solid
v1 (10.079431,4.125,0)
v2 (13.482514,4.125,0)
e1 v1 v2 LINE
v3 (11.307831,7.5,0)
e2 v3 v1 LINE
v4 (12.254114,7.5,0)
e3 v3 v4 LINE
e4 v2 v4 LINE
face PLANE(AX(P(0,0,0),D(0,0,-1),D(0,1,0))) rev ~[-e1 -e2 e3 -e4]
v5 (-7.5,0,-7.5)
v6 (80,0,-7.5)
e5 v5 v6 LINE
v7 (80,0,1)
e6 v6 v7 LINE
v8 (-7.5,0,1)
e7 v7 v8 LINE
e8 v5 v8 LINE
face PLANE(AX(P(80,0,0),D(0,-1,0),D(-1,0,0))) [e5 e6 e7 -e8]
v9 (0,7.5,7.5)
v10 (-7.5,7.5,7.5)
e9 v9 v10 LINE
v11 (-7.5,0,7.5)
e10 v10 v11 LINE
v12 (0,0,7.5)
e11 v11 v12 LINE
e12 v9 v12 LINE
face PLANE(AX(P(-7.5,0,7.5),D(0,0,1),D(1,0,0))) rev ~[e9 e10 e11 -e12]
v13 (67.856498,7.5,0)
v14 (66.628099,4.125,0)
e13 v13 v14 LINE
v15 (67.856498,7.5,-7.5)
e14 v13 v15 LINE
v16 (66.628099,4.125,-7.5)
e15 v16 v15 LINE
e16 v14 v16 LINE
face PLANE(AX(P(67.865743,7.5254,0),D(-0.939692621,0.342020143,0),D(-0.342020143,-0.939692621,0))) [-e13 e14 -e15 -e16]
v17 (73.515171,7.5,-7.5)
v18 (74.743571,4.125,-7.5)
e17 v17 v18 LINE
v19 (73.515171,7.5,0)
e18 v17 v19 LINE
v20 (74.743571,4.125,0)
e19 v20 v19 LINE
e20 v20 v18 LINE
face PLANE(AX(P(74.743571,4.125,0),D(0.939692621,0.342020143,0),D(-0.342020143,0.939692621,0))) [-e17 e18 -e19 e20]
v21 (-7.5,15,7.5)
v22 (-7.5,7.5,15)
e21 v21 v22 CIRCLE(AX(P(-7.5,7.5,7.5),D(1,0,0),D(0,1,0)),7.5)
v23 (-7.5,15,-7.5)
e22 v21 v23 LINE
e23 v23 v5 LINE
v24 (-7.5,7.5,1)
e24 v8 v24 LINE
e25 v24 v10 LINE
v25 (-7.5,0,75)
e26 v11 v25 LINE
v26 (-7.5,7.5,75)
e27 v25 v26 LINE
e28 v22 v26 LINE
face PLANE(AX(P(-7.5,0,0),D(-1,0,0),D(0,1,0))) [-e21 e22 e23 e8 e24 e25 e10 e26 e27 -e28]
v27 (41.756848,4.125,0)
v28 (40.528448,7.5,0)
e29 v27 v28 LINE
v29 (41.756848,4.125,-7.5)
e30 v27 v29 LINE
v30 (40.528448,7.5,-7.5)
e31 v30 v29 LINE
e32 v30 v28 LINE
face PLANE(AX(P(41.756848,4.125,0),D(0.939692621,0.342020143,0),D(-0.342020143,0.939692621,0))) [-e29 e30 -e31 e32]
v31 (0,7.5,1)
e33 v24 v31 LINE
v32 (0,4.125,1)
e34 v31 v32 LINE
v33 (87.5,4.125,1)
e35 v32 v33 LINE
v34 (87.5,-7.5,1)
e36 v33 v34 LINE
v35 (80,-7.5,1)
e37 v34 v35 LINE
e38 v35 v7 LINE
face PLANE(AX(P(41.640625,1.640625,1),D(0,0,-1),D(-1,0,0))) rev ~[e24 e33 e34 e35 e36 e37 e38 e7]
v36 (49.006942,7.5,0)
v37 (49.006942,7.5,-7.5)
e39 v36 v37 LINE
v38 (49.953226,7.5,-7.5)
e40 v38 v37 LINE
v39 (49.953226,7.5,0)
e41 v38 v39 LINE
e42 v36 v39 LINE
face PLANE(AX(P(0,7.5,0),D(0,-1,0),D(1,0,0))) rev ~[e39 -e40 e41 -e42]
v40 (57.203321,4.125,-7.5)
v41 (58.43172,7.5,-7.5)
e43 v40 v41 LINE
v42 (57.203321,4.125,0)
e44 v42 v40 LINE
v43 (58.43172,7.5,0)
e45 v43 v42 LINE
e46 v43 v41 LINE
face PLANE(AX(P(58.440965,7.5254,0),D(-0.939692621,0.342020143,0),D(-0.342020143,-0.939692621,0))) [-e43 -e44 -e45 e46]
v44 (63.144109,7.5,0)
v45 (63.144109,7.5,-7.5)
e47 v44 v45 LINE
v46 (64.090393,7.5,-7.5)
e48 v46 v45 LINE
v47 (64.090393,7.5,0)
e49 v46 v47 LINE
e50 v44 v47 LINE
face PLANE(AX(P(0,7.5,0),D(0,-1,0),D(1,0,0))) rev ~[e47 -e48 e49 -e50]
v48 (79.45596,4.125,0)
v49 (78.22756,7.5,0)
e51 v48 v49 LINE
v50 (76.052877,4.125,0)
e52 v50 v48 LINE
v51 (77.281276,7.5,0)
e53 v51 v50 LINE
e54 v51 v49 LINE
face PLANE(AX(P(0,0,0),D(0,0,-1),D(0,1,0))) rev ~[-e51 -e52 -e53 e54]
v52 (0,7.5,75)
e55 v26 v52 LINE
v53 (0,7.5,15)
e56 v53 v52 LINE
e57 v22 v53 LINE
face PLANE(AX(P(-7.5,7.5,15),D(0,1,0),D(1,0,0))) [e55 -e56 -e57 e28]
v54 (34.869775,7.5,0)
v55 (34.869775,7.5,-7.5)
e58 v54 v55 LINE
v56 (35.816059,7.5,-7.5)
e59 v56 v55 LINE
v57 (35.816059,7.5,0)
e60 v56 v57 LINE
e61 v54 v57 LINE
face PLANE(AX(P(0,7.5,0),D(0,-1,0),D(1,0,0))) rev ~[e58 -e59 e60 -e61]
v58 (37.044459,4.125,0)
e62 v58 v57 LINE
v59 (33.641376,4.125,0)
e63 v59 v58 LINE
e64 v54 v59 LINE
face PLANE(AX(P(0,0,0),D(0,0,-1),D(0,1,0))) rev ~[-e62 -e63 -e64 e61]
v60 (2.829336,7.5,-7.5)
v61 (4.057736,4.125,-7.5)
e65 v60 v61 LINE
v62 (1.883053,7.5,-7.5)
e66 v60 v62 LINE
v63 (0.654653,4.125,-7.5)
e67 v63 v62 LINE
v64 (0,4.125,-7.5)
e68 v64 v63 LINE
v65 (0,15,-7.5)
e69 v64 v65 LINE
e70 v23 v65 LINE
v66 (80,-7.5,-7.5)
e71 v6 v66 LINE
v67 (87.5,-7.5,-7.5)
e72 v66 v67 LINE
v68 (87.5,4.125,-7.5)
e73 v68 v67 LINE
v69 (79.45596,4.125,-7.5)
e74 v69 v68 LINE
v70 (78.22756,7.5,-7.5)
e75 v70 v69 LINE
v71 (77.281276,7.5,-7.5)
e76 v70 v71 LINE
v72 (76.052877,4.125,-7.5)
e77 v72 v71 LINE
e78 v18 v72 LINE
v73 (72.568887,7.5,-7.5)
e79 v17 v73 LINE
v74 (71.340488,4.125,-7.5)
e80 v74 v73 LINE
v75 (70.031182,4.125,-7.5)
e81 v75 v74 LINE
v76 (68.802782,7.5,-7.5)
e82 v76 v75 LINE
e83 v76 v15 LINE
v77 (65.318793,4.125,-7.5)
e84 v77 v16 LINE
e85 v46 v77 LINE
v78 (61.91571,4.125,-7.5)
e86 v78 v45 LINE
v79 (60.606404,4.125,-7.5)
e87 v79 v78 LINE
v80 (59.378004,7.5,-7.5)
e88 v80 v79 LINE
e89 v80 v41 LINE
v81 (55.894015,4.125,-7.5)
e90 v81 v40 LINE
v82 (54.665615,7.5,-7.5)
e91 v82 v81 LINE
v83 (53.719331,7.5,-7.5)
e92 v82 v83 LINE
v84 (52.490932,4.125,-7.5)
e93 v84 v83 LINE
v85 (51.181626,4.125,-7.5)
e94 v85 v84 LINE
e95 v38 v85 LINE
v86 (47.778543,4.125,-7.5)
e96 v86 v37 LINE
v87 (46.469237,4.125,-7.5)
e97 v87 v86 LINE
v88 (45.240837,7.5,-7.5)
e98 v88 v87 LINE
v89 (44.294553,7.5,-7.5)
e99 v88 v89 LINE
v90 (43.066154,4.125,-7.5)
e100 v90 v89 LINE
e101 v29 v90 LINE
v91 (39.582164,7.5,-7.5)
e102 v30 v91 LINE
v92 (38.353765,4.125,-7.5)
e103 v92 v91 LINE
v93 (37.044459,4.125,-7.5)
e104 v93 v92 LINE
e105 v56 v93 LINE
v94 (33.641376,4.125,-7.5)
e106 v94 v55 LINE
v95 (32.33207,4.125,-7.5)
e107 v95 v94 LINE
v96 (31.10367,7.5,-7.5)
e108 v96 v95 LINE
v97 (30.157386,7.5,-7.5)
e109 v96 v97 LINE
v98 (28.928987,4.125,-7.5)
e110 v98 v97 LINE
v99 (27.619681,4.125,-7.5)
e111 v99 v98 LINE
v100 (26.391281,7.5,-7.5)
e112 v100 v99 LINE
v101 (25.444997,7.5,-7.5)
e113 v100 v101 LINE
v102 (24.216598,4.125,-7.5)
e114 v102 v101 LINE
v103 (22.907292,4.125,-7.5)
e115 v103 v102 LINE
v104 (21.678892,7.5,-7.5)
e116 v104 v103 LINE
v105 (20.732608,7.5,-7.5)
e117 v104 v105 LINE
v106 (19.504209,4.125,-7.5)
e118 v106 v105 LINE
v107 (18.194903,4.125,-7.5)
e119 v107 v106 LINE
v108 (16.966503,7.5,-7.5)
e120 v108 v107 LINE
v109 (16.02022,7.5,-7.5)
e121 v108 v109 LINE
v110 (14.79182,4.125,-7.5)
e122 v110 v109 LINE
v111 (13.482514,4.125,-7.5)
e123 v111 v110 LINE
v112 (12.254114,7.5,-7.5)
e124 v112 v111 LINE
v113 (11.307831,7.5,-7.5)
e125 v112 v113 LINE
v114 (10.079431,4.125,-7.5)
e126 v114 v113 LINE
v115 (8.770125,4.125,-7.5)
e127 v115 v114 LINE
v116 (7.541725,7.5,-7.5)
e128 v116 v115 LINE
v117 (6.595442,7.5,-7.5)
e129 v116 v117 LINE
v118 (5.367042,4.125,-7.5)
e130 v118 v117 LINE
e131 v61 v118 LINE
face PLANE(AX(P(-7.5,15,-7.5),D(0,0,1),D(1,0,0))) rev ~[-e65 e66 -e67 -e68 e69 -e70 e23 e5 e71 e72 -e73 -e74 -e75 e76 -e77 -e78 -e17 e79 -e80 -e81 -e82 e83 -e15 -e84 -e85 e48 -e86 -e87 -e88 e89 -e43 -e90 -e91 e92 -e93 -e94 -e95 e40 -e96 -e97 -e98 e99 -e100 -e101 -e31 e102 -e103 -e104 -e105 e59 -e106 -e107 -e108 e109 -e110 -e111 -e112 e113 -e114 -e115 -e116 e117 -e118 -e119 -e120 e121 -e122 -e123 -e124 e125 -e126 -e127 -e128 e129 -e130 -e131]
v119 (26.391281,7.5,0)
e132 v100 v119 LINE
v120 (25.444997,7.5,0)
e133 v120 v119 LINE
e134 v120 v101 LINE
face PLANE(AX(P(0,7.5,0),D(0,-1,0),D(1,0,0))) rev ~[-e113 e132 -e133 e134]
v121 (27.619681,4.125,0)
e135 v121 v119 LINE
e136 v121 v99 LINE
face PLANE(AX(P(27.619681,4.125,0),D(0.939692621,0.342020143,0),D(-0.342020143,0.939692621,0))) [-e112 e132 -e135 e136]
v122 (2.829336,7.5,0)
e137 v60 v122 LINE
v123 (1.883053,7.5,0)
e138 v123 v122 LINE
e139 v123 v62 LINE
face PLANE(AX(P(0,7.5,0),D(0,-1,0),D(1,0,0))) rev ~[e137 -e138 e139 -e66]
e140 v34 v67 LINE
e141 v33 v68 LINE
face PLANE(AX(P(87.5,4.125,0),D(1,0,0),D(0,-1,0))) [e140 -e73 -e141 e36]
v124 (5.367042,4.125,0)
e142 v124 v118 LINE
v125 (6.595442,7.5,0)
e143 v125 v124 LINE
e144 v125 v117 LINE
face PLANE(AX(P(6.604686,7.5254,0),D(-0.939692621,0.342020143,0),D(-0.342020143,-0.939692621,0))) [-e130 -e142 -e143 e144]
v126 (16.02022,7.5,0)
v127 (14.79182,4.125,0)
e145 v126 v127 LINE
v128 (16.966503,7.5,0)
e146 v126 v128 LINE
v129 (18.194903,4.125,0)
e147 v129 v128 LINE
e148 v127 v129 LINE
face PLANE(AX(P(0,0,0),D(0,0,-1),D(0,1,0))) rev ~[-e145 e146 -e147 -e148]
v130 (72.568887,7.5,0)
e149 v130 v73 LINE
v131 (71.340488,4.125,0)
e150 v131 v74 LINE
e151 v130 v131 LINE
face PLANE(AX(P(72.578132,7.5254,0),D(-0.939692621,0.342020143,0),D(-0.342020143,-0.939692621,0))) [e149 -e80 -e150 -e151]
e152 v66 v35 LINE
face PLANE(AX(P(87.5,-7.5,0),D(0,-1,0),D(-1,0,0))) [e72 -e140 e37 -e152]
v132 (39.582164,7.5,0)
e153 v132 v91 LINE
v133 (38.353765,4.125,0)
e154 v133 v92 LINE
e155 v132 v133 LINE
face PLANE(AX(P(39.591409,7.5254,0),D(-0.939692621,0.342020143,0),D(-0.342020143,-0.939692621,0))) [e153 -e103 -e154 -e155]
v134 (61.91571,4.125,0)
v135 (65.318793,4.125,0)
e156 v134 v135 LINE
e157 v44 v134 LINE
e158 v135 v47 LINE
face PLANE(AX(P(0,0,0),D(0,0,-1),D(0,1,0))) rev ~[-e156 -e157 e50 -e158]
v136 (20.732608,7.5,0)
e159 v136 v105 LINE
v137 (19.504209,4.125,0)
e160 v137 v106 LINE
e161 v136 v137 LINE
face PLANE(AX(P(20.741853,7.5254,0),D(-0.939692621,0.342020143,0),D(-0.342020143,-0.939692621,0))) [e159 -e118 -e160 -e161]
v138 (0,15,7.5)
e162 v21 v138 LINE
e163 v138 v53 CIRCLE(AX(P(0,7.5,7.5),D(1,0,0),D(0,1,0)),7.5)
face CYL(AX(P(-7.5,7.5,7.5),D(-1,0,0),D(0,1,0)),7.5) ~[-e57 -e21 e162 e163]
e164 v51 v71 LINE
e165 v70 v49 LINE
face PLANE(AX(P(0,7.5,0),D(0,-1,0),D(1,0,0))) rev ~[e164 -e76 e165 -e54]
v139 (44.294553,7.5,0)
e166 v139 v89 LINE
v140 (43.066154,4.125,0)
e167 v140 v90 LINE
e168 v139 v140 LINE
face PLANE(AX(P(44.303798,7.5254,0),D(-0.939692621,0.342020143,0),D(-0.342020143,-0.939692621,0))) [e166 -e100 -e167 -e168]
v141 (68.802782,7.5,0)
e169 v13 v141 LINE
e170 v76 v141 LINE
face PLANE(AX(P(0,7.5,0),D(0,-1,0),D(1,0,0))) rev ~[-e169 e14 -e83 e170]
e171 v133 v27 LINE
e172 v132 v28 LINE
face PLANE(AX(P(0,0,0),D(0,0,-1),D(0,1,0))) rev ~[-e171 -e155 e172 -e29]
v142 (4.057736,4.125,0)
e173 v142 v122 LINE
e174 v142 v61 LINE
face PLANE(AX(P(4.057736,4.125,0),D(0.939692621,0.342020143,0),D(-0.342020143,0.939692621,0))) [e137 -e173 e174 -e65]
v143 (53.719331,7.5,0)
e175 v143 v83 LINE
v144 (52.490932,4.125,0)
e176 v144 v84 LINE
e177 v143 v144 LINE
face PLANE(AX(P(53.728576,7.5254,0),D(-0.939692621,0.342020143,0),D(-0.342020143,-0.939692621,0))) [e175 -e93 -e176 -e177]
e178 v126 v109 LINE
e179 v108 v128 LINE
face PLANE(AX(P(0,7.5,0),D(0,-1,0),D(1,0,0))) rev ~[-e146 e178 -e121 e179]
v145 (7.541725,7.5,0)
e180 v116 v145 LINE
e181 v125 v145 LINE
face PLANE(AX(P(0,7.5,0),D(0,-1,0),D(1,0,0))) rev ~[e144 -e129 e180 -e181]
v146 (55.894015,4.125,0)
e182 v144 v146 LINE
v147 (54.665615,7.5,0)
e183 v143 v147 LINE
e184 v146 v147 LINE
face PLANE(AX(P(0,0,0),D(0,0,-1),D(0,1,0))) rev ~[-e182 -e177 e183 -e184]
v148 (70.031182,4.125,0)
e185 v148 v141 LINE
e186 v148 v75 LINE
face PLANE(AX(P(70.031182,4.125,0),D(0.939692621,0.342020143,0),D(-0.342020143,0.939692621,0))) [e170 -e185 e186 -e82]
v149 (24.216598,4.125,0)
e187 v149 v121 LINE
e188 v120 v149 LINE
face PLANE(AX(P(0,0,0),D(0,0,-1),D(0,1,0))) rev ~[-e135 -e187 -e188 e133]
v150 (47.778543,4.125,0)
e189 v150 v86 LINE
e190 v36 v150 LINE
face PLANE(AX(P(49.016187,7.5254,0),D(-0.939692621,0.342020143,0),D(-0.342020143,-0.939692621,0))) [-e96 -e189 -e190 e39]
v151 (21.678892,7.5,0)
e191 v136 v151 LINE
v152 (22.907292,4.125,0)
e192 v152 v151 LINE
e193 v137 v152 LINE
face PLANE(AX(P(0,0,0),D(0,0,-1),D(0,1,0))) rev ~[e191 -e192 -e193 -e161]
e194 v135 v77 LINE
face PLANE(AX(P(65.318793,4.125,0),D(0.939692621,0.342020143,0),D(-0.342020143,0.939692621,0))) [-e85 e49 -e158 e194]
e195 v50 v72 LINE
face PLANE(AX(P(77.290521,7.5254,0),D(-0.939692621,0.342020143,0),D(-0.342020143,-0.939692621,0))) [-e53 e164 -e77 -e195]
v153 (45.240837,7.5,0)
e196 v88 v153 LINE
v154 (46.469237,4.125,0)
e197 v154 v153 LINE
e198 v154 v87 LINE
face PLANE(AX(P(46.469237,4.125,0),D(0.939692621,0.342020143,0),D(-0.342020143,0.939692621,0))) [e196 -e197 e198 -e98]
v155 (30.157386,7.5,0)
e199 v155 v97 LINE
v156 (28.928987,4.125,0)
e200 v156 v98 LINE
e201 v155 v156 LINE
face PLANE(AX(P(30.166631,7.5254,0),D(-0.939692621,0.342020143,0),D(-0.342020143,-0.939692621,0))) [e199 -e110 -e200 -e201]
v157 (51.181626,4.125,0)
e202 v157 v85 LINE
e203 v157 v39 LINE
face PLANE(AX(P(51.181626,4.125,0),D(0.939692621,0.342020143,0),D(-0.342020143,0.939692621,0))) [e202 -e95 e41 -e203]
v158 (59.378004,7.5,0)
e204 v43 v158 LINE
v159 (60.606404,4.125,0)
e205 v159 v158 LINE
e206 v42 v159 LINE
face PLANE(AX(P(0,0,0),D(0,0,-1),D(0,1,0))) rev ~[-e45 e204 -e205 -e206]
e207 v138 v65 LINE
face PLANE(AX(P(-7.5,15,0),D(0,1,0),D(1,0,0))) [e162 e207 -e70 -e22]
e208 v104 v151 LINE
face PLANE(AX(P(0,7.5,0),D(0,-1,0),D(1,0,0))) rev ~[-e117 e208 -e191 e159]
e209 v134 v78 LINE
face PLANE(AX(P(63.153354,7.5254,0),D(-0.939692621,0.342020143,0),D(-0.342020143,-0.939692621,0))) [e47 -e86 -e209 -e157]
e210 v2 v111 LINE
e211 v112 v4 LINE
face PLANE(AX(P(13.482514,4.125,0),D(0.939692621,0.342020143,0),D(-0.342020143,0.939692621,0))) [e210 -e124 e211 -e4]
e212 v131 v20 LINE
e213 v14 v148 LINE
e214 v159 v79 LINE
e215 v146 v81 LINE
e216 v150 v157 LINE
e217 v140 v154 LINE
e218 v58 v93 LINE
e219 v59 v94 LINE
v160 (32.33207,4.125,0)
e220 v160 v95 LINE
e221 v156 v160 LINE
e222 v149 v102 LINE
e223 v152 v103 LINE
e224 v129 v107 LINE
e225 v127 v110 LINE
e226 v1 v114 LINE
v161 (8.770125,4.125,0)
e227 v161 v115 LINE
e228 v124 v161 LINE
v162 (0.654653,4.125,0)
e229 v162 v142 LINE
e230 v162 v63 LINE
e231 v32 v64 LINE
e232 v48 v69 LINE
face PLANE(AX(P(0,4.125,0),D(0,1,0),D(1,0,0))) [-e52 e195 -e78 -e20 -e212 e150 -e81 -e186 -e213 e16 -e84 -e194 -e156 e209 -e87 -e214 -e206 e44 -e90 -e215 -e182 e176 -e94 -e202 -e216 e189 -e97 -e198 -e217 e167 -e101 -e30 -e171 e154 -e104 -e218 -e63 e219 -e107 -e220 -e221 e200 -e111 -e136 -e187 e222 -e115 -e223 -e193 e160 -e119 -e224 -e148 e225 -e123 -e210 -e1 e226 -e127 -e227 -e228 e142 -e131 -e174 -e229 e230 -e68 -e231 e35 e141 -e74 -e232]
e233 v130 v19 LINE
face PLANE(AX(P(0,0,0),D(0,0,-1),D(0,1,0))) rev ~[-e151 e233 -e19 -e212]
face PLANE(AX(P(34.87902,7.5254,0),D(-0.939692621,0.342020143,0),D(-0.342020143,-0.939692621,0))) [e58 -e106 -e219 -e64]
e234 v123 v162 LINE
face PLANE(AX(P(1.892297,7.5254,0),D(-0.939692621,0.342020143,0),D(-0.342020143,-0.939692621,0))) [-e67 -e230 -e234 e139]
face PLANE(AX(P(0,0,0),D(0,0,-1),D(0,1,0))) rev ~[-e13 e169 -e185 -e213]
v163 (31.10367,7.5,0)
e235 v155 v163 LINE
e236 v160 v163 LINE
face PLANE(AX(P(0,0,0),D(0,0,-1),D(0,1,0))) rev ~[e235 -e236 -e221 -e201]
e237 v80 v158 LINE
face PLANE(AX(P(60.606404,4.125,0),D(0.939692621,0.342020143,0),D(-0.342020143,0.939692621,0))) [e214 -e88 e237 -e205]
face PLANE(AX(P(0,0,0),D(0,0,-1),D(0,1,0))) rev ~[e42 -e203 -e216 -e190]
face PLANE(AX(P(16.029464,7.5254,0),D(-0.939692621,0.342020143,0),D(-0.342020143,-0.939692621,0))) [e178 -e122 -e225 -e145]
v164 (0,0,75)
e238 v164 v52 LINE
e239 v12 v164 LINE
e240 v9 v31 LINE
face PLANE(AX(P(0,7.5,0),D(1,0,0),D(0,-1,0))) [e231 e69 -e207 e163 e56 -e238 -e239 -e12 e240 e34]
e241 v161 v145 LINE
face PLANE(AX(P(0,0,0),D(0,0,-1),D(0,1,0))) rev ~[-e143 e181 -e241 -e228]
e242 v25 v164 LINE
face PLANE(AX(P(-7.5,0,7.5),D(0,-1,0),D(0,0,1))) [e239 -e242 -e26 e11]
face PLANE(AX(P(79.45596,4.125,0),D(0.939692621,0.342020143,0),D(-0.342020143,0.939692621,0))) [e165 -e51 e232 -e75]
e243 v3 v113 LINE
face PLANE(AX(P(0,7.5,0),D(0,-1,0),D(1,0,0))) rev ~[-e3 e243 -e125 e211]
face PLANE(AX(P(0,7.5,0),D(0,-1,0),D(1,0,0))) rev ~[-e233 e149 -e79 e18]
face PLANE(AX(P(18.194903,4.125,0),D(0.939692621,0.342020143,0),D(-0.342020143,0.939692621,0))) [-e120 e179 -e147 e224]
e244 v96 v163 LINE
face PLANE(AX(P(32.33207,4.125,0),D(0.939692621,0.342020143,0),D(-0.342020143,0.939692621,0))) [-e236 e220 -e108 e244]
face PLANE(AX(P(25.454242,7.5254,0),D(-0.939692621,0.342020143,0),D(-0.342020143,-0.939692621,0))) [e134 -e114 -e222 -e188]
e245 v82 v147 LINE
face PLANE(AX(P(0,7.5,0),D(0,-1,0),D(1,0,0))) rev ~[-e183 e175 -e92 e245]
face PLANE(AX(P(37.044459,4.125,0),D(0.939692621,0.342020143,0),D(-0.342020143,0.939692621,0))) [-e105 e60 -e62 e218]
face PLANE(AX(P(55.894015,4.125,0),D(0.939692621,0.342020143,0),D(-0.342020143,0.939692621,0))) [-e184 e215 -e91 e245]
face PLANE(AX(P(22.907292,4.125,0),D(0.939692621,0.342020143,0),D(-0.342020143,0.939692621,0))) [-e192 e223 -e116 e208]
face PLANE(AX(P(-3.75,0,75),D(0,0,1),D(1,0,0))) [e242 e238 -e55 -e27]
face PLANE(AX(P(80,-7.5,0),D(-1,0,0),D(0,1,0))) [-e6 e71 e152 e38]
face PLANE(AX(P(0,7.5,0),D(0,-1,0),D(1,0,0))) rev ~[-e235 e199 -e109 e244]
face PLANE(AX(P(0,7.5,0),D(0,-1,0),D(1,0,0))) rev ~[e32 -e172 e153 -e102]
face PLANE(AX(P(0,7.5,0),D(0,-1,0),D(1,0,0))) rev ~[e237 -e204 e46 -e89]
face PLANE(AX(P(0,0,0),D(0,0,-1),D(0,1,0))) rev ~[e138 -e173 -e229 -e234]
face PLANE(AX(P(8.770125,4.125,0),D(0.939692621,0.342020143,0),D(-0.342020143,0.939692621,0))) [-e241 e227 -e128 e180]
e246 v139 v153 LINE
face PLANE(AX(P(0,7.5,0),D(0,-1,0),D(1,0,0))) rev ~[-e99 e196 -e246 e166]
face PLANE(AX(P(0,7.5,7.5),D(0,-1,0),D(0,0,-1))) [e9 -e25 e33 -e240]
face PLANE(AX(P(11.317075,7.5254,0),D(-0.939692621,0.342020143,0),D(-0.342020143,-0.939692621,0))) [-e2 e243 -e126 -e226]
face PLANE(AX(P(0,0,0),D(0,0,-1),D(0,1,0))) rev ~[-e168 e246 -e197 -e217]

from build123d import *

# Parameters (mm, degrees)
BLANKSKE_W              = 80
BLANKSKE_H              = 7.5
BLANK_DEPTH             = 20
TOOTHCUTSIM_DEPTH       = 83.802475808
TEETHCUTS_COUNT         = 18
TEETHCUTS_PITCH         = 4.712388975
SKETCH1_W               = 20
SKETCH1_H               = 11.625
BOSS_EXTRUDE2_DEPTH     = 7.5
SKETCH3_W               = 20
SKETCH3_H               = 15
BOSS_EXTRUDE3_DEPTH     = 7.5
SKETCH4_W               = 7.5
SKETCH4_H               = 15
BOSS_EXTRUDE4_DEPTH     = 15
SKETCH8_W               = 7.5
SKETCH8_H               = 7.5
CUT_EXTRUDE1_DEPTH      = 15
CUT_EXTRUDE2_DEPTH      = 15
SKETCH10_W              = 7.5
SKETCH10_H              = 7.5
BOSS_EXTRUDE5_DEPTH     = 7.5
SKETCH11_W              = 7.5
SKETCH11_H              = 15
BOSS_EXTRUDE7_DEPTH     = 60
CUT_EXTRUDE4_DEPTH      = 116.829144109
CUT_EXTRUDE4_DEPTH_BACK = 116.829144109
SKETCH12_W              = 95
SKETCH12_H              = 10
SKETCH14_W              = 95
SKETCH14_H              = 2.5
CUT_EXTRUDE5_DEPTH      = 100
SKETCH15_W              = 67.5
SKETCH15_H              = 7.5
CUT_EXTRUDE6_DEPTH      = 122.963109177
BOSS_EXTRUDE8_DEPTH     = 7.5
BOSS_EXTRUDE9_DEPTH     = 1


with BuildPart() as part:
    # BlankSke → Blank (new body)
    with BuildSketch(Plane.XY):
        with Locations((40, 3.75)):
            Rectangle(BLANKSKE_W, BLANKSKE_H)
    extrude(amount=-BLANK_DEPTH)

    # TooCutSkeSim → ToothCutSim (cut, through all)
    with BuildSketch(Plane.XY):
        Polygon((0.654653055, 4.125), (-0.654653055, 4.125), (-1.892297439, 7.5254), (1.892297439, 7.5254), align=None)
    toothcutsim = extrude(amount=-TOOTHCUTSIM_DEPTH, mode=Mode.SUBTRACT)

    # TeethCuts: ToothCutSim ×18
    with Locations(*[(i * TEETHCUTS_PITCH, 0, 0) for i in range(1, TEETHCUTS_COUNT)]):
        add(toothcutsim, mode=Mode.SUBTRACT)

    # Sketch1 → Boss-Extrude2 (add)
    with BuildSketch(Plane(origin=(80, 0, 0), x_dir=(0, 0, -1), z_dir=(1, 0, 0))):
        with Locations((10, -1.6875)):
            Rectangle(SKETCH1_W, SKETCH1_H)
    extrude(amount=BOSS_EXTRUDE2_DEPTH)

    # Sketch3 → Boss-Extrude3 (add)
    with BuildSketch(Plane.ZY):
        with Locations((-10, 7.5)):
            Rectangle(SKETCH3_W, SKETCH3_H)
    extrude(amount=BOSS_EXTRUDE3_DEPTH)

    # Sketch4 → Boss-Extrude4 (add)
    with BuildSketch(Plane.XY):
        with Locations((-3.75, 7.5)):
            Rectangle(SKETCH4_W, SKETCH4_H)
    extrude(amount=BOSS_EXTRUDE4_DEPTH)

    # Sketch8 → Cut-Extrude1 (cut)
    with BuildSketch(Plane(origin=(0, 0, 0), x_dir=(0, 0, -1), z_dir=(1, 0, 0))):
        with Locations((-3.75, 3.75)):
            Rectangle(SKETCH8_W, SKETCH8_H)
    extrude(amount=-CUT_EXTRUDE1_DEPTH, mode=Mode.SUBTRACT)

    # Sketch9 → Cut-Extrude2 (cut)
    with BuildSketch(Plane.ZY.offset(7.5)):
        Polygon((7.5, 15), (15, 7.5), (15, 15), align=None)
    extrude(amount=-CUT_EXTRUDE2_DEPTH, mode=Mode.SUBTRACT)

    # Sketch10 → Boss-Extrude5 (add)
    with BuildSketch(Plane.XZ):
        with Locations((-3.75, 11.25)):
            Rectangle(SKETCH10_W, SKETCH10_H)
    extrude(amount=BOSS_EXTRUDE5_DEPTH)

    # Sketch11 → Boss-Extrude7 (add)
    with BuildSketch(Plane.XY.offset(15)):
        with Locations((-3.75, 0)):
            Rectangle(SKETCH11_W, SKETCH11_H)
    extrude(amount=BOSS_EXTRUDE7_DEPTH)

    # Sketch12 → Cut-Extrude4 (cut, two sides: drawn at the far end of the back side and taken through both)
    with BuildSketch(Plane(origin=(0, 4.125, 0), x_dir=(1, 0, 0), z_dir=(0, 1, 0)).offset(-CUT_EXTRUDE4_DEPTH_BACK)):
        with Locations((40, 15)):
            Rectangle(SKETCH12_W, SKETCH12_H)
    extrude(amount=CUT_EXTRUDE4_DEPTH + CUT_EXTRUDE4_DEPTH_BACK, mode=Mode.SUBTRACT)

    # Sketch14 → Cut-Extrude5 (cut)
    with BuildSketch(Plane(origin=(0, 15, 0), x_dir=(1, 0, 0), z_dir=(0, 1, 0))):
        with Locations((40, 8.75)):
            Rectangle(SKETCH14_W, SKETCH14_H)
    extrude(amount=-CUT_EXTRUDE5_DEPTH, mode=Mode.SUBTRACT)

    # Sketch15 → Cut-Extrude6 (cut, through all)
    with BuildSketch(Plane.ZY.offset(7.5)):
        with Locations((41.25, -3.75)):
            Rectangle(SKETCH15_W, SKETCH15_H)
    extrude(amount=-CUT_EXTRUDE6_DEPTH, mode=Mode.SUBTRACT)

    # Sketch16 → Boss-Extrude8 (add)
    with BuildSketch(Plane.ZY.offset(7.5)):
        with BuildLine():
            Line((7.5, 7.5), (7.5, 15))
            ThreePointArc((7.5, 15), (12.803300859, 12.803300859), (15, 7.5))
            Line((15, 7.5), (7.5, 7.5))
        make_face()
    extrude(amount=-BOSS_EXTRUDE8_DEPTH)

    # Sketch19 → Boss-Extrude9 (add)
    with BuildSketch(Plane.XY):
        Polygon((-7.5, 0), (-7.5, 7.5), (0, 7.5), (0, 4.125), (87.5, 4.125), (87.5, -7.5), (80, -7.5), (80, 0), align=None)
    extrude(amount=BOSS_EXTRUDE9_DEPTH)


solid = part.part
